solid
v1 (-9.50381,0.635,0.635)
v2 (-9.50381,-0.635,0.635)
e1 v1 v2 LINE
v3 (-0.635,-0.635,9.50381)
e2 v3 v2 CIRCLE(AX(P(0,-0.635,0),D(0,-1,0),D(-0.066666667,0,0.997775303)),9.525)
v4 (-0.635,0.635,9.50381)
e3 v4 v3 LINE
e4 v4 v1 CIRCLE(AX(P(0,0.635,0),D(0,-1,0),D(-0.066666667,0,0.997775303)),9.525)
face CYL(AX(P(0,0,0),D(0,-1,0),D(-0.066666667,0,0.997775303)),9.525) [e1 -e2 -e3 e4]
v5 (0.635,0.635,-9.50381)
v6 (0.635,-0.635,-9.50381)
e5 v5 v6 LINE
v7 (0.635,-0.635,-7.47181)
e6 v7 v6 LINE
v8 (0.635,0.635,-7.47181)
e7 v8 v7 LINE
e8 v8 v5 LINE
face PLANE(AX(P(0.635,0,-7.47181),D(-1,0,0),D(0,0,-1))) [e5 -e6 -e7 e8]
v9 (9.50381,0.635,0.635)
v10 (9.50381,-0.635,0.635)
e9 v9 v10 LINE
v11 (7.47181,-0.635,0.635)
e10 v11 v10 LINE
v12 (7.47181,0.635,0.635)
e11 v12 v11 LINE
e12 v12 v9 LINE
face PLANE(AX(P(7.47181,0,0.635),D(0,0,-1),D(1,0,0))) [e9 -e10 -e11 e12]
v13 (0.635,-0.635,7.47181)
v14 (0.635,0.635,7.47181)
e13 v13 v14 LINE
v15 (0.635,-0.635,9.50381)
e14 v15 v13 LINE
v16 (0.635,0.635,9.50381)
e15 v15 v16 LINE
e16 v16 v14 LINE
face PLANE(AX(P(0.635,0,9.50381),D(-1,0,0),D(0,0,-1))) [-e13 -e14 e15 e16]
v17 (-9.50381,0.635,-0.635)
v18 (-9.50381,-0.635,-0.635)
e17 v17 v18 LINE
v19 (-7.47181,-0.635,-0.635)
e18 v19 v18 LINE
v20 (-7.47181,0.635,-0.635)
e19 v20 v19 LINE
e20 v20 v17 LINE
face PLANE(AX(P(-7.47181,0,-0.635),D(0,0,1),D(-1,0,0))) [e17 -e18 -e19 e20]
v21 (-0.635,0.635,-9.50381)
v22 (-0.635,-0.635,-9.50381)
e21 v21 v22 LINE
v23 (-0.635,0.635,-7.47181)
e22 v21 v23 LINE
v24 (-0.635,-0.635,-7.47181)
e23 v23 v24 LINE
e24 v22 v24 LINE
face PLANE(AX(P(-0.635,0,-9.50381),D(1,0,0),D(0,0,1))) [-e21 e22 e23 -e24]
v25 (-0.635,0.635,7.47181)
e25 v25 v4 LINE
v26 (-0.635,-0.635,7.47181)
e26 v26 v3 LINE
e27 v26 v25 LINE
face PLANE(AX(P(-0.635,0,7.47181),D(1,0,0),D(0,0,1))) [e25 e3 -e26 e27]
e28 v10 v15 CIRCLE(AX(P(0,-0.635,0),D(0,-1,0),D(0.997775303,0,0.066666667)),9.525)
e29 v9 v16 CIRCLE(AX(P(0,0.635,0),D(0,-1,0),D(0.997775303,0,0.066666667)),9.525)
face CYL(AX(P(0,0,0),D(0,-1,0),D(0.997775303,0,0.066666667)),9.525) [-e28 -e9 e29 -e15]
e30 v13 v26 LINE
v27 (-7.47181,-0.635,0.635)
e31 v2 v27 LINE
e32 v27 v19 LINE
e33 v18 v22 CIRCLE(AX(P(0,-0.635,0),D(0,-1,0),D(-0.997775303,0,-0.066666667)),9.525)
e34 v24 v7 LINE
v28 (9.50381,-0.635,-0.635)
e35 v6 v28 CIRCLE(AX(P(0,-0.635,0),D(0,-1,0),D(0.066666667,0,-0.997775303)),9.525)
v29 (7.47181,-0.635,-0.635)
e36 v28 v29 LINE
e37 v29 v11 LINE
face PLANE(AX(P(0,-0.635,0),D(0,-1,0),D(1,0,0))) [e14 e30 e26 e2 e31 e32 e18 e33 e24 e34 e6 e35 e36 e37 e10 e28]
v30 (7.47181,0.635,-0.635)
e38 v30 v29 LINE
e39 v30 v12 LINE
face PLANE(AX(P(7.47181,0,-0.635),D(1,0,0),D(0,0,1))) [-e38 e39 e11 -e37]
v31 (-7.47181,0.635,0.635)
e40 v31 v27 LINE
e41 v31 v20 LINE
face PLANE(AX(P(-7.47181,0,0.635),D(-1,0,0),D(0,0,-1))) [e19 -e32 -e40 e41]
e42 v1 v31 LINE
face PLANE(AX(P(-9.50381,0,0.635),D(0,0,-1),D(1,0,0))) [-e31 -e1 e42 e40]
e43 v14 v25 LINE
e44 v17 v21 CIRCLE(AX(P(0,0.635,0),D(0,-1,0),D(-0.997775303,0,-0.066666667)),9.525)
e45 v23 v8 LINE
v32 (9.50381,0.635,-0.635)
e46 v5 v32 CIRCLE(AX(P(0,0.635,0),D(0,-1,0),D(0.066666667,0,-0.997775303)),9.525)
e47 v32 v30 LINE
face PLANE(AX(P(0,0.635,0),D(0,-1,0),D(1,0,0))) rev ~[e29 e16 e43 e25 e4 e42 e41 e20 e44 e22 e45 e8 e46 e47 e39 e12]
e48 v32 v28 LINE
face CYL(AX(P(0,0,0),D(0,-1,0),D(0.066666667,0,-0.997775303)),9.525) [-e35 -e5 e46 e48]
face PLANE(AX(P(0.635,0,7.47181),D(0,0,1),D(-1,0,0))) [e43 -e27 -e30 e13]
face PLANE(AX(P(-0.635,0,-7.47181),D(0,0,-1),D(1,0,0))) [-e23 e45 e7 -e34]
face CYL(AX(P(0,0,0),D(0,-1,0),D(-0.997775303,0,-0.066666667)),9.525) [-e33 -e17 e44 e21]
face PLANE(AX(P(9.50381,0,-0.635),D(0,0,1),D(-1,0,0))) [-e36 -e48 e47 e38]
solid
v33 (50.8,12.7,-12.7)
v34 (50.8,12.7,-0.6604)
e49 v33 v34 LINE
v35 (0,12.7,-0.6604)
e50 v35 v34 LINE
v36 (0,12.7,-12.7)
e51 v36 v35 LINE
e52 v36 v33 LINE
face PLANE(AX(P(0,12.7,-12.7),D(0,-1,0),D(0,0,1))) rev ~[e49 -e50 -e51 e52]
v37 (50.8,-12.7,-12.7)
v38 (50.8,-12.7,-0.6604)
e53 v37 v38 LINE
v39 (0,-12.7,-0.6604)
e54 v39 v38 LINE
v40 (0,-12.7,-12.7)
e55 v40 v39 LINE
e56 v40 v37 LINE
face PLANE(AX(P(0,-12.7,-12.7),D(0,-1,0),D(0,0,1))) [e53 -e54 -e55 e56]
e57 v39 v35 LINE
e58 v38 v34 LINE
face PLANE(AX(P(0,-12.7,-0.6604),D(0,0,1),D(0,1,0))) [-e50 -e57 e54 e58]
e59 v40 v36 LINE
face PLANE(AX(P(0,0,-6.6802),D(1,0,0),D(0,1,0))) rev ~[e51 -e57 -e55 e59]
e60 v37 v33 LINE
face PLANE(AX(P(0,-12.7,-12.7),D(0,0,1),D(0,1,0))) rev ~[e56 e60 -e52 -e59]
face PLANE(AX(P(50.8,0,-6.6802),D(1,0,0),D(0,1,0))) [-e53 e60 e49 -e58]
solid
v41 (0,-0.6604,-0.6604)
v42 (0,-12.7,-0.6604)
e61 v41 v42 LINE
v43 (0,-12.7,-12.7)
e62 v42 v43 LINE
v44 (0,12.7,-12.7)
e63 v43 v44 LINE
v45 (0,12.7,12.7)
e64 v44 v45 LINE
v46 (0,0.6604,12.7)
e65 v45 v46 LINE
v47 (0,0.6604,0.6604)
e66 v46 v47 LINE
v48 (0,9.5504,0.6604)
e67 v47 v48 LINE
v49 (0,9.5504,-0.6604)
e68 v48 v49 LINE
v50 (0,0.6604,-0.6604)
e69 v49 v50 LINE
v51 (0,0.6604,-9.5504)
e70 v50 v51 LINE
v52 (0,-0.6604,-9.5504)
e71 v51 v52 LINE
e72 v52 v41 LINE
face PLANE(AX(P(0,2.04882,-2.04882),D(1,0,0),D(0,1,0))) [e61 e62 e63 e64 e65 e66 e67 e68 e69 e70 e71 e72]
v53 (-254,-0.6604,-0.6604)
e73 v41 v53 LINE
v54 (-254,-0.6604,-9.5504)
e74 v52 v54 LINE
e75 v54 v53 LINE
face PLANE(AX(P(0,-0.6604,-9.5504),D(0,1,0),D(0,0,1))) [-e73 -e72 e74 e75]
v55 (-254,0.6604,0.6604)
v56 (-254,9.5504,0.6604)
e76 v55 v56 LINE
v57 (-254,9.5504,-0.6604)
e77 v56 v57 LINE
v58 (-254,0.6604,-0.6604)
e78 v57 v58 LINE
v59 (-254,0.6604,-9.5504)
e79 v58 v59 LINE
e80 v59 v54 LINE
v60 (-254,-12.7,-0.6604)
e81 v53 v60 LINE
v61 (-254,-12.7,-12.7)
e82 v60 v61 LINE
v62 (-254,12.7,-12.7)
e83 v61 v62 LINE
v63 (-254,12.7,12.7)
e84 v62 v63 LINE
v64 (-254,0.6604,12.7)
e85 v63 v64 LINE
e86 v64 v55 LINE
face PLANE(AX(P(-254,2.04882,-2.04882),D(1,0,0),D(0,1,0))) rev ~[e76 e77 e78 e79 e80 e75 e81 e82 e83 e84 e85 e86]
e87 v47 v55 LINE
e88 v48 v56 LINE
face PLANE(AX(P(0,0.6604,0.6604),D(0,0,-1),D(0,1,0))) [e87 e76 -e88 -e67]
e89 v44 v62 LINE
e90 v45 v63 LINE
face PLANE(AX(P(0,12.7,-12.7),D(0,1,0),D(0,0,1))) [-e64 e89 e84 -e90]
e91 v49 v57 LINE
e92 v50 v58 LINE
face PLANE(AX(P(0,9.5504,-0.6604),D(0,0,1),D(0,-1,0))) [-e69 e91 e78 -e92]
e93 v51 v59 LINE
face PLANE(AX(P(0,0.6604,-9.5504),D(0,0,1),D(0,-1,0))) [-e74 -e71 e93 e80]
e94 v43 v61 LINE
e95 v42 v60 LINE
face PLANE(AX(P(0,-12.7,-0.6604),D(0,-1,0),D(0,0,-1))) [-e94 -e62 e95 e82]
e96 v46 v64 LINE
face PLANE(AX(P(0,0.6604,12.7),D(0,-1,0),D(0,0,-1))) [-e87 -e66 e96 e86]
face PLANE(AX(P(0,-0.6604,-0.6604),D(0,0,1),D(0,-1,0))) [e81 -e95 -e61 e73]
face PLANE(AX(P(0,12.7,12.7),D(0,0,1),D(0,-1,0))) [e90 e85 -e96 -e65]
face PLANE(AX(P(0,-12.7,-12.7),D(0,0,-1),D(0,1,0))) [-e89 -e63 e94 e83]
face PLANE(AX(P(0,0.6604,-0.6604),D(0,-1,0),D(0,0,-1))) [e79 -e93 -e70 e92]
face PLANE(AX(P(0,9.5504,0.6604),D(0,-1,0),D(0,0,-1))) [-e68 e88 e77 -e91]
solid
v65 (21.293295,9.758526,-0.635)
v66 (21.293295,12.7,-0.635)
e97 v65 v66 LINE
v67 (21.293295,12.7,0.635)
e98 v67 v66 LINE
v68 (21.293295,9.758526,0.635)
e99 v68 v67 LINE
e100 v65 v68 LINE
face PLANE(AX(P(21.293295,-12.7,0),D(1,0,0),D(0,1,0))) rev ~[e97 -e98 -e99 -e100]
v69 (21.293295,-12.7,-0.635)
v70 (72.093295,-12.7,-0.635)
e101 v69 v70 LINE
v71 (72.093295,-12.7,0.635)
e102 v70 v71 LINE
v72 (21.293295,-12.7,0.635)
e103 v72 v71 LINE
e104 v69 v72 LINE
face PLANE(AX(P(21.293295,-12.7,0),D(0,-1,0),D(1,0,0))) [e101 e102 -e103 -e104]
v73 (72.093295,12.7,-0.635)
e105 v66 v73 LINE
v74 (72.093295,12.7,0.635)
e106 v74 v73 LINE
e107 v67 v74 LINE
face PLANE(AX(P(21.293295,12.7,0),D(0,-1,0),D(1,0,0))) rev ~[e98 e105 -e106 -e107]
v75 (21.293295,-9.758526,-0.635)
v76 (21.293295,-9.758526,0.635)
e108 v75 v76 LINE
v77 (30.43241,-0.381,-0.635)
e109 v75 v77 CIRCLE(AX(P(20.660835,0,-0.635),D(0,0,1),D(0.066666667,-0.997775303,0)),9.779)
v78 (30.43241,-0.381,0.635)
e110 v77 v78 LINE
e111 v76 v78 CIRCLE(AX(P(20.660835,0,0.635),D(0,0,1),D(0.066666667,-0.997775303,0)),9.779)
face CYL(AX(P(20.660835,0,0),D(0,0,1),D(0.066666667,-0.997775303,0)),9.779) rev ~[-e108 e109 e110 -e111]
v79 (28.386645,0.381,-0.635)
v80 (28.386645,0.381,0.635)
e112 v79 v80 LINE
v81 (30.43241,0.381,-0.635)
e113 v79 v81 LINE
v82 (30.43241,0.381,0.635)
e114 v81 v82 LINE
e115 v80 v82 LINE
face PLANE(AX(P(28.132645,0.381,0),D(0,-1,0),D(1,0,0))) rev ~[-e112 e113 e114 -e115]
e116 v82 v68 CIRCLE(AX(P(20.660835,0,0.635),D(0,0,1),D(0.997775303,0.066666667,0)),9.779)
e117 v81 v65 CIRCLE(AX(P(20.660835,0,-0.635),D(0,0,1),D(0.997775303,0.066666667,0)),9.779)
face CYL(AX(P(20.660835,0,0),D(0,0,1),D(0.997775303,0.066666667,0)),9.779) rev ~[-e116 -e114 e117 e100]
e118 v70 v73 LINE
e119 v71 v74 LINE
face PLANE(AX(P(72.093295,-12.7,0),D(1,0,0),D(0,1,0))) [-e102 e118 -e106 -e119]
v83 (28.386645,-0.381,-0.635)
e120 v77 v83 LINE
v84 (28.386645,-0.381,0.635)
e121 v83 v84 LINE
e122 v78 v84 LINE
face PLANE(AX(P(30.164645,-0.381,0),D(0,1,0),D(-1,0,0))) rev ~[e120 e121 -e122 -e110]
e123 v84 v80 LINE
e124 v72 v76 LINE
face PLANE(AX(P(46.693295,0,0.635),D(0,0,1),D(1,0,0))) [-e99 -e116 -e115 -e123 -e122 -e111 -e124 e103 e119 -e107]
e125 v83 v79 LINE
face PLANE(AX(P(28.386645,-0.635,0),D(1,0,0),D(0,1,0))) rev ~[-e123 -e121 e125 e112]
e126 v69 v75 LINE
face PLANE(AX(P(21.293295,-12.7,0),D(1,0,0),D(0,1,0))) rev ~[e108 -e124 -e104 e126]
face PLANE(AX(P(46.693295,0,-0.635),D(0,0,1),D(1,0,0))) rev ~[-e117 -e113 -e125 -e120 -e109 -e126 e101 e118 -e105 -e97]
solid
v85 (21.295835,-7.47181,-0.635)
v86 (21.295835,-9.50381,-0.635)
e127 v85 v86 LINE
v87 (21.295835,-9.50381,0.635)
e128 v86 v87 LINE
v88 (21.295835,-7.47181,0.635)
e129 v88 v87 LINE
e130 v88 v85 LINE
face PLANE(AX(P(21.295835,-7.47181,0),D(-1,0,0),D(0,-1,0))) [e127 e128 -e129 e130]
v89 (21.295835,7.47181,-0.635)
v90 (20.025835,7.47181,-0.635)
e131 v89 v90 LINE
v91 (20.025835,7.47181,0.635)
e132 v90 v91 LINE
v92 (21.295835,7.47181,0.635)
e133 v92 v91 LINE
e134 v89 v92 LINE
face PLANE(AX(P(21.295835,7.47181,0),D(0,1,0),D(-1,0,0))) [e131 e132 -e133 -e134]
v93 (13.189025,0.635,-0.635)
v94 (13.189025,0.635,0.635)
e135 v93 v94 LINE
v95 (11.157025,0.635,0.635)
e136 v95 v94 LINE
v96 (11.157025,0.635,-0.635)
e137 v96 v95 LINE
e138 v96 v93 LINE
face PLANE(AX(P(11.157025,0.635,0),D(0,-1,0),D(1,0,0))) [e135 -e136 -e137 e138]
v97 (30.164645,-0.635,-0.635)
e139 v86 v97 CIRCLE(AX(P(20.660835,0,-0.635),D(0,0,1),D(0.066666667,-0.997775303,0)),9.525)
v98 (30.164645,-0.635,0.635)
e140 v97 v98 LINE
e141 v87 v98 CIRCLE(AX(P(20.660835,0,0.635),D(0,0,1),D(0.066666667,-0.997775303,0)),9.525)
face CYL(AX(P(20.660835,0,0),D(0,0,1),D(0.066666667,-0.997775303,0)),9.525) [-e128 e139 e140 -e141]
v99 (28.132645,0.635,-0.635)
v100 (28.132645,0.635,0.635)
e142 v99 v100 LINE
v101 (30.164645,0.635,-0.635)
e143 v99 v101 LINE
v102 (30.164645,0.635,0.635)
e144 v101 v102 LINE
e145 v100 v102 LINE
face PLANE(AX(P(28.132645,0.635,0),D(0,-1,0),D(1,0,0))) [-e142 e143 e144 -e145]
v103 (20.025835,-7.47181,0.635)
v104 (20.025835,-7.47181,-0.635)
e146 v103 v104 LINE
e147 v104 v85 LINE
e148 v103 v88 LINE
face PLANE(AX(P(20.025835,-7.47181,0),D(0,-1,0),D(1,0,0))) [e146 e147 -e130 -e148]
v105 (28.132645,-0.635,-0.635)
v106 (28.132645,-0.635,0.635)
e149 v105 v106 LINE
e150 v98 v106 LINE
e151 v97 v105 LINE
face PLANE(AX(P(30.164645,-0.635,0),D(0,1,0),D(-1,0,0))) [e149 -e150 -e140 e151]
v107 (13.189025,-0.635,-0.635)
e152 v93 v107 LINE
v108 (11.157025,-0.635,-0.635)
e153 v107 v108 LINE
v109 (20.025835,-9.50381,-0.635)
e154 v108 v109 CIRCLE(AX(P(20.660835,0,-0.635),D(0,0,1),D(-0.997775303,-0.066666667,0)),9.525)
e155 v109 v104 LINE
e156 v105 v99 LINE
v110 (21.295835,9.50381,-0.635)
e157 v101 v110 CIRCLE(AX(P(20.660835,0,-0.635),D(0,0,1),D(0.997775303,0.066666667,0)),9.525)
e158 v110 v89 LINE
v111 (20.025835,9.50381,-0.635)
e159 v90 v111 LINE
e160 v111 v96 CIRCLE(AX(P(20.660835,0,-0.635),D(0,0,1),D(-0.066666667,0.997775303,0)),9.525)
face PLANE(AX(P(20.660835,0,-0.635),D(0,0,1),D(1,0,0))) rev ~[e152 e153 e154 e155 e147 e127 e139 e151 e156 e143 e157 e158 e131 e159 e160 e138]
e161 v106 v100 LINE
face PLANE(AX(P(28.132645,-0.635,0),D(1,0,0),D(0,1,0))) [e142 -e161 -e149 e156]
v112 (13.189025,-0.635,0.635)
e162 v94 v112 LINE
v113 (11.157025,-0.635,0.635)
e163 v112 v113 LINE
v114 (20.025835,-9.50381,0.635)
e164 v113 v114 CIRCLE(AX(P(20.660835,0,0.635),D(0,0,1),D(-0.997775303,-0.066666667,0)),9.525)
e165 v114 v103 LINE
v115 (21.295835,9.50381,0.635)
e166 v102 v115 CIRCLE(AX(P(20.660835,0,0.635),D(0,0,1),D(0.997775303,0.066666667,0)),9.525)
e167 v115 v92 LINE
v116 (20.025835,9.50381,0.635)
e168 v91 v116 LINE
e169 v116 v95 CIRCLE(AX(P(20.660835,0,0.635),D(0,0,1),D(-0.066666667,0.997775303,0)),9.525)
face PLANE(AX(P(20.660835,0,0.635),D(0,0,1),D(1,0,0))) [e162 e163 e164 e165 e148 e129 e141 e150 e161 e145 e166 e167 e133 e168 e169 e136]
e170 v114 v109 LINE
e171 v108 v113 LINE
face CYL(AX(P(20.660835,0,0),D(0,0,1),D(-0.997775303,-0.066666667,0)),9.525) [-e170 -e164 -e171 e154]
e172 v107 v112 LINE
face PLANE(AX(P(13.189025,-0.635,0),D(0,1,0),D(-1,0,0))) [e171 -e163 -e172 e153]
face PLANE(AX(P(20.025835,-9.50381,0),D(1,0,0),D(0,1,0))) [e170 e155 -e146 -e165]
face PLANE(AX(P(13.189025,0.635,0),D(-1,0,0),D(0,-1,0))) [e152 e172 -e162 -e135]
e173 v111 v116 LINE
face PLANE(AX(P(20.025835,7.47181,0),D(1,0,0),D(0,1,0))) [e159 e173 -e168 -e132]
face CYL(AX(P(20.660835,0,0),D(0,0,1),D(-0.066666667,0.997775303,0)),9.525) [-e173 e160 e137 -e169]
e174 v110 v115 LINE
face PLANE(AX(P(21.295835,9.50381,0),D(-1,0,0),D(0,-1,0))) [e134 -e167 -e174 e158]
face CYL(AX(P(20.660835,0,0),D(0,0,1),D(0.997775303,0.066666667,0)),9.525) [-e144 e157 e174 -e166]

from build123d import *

# Parameters (mm, degrees)
F1_DEPTH   = 0.635
F3_DEPTH   = 0.635
F5_DEPTH   = 254
F6_W       = 25.4
F6_H       = 12.0396
F7_DEPTH   = 50.8
F8_W       = 50.8
F8_H       = 25.4
F9_DEPTH   = 0.635
F10_OFFSET = 0.254


with BuildPart() as f1:
    # F0 (on Front) → F1 (new body, symmetric)
    with BuildSketch(Plane.XZ):
        with BuildLine():
            Line((-0.635, 7.4718097624), (-0.635, 9.5038097624))
            ThreePointArc((-0.635, 9.5038097624), (-6.7351920908, 6.7351920908), (-9.5038097624, 0.635))
            Line((-9.5038097624, 0.635), (-7.4718097624, 0.635))
            Line((-7.4718097624, 0.635), (-7.4718097624, -0.635))
            Line((-7.4718097624, -0.635), (-9.5038097624, -0.635))
            ThreePointArc((-9.5038097624, -0.635), (-6.7351920908, -6.7351920908), (-0.635, -9.5038097624))
            Line((-0.635, -9.5038097624), (-0.635, -7.4718097624))
            Line((-0.635, -7.4718097624), (0.635, -7.4718097624))
            Line((0.635, -7.4718097624), (0.635, -9.5038097624))
            ThreePointArc((0.635, -9.5038097624), (6.7351920908, -6.7351920908), (9.5038097624, -0.635))
            Line((9.5038097624, -0.635), (7.4718097624, -0.635))
            Line((7.4718097624, -0.635), (7.4718097624, 0.635))
            Line((7.4718097624, 0.635), (9.5038097624, 0.635))
            ThreePointArc((9.5038097624, 0.635), (6.7351920908, 6.7351920908), (0.635, 9.5038097624))
            Line((0.635, 9.5038097624), (0.635, 7.4718097624))
            Line((0.635, 7.4718097624), (-0.635, 7.4718097624))
        make_face()
    extrude(amount=F1_DEPTH, both=True)


with BuildPart() as f3:
    # F2 (on Top) → F3 (new body, symmetric)
    with BuildSketch(Plane.XY):
        with BuildLine():
            Line((21.2958350215, -7.4718097624), (21.2958350215, -9.5038097624))
            ThreePointArc((21.2958350215, -9.5038097624), (27.3960271123, -6.7351920908), (30.1646447839, -0.635))
            Line((30.1646447839, -0.635), (28.1326447839, -0.635))
            Line((28.1326447839, -0.635), (28.1326447839, 0.635))
            Line((28.1326447839, 0.635), (30.1646447839, 0.635))
            ThreePointArc((30.1646447839, 0.635), (27.3960271123, 6.7351920908), (21.2958350215, 9.5038097624))
            Line((21.2958350215, 9.5038097624), (21.2958350215, 7.4718097624))
            Line((21.2958350215, 7.4718097624), (20.0258350215, 7.4718097624))
            Line((20.0258350215, 7.4718097624), (20.0258350215, 9.5038097624))
            ThreePointArc((20.0258350215, 9.5038097624), (13.9256429307, 6.7351920908), (11.1570252591, 0.635))
            Line((11.1570252591, 0.635), (13.1890252591, 0.635))
            Line((13.1890252591, 0.635), (13.1890252591, -0.635))
            Line((13.1890252591, -0.635), (11.1570252591, -0.635))
            ThreePointArc((11.1570252591, -0.635), (13.9256429307, -6.7351920908), (20.0258350215, -9.5038097624))
            Line((20.0258350215, -9.5038097624), (20.0258350215, -7.4718097624))
            Line((20.0258350215, -7.4718097624), (21.2958350215, -7.4718097624))
        make_face()
    extrude(amount=F3_DEPTH, both=True)


with BuildPart() as f5:
    # F4 (on Right) → F5 (new body)
    with BuildSketch(Plane.YZ):
        Polygon((-12.7, -12.7), (12.7, -12.7), (12.7, 12.7), (0.6604, 12.7), (0.6604, 9.5504), (0.6604, 0.6604), (9.5504, 0.6604), (9.5504, -0.6604), (0.6604, -0.6604), (0.6604, -9.5504), (-0.6604, -9.5504), (-0.6604, -0.6604), (-9.5504, -0.6604), (-12.7, -0.6604), align=None)
    extrude(amount=-F5_DEPTH)


with BuildPart() as f7:
    # F6 (on face) → F7 (new body)
    with BuildSketch(Plane.YZ):
        with Locations((0, -6.6802)):
            Rectangle(F6_W, F6_H)
    extrude(amount=F7_DEPTH)


with BuildPart() as f9:
    # F8 (on Top) → F9 (new body, symmetric)
    with BuildSketch(Plane.XY):
        with Locations((46.6932952404, 0)):
            Rectangle(F8_W, F8_H)
    extrude(amount=F9_DEPTH, both=True)

    # F10: cut F3, made larger all round first
    f10_tool = offset(f3.part, amount=F10_OFFSET, kind=Kind.INTERSECTION, mode=Mode.PRIVATE)
    add(f10_tool, mode=Mode.SUBTRACT)


solid = Compound([f1.part, f3.part, f5.part, f7.part, f9.part])
